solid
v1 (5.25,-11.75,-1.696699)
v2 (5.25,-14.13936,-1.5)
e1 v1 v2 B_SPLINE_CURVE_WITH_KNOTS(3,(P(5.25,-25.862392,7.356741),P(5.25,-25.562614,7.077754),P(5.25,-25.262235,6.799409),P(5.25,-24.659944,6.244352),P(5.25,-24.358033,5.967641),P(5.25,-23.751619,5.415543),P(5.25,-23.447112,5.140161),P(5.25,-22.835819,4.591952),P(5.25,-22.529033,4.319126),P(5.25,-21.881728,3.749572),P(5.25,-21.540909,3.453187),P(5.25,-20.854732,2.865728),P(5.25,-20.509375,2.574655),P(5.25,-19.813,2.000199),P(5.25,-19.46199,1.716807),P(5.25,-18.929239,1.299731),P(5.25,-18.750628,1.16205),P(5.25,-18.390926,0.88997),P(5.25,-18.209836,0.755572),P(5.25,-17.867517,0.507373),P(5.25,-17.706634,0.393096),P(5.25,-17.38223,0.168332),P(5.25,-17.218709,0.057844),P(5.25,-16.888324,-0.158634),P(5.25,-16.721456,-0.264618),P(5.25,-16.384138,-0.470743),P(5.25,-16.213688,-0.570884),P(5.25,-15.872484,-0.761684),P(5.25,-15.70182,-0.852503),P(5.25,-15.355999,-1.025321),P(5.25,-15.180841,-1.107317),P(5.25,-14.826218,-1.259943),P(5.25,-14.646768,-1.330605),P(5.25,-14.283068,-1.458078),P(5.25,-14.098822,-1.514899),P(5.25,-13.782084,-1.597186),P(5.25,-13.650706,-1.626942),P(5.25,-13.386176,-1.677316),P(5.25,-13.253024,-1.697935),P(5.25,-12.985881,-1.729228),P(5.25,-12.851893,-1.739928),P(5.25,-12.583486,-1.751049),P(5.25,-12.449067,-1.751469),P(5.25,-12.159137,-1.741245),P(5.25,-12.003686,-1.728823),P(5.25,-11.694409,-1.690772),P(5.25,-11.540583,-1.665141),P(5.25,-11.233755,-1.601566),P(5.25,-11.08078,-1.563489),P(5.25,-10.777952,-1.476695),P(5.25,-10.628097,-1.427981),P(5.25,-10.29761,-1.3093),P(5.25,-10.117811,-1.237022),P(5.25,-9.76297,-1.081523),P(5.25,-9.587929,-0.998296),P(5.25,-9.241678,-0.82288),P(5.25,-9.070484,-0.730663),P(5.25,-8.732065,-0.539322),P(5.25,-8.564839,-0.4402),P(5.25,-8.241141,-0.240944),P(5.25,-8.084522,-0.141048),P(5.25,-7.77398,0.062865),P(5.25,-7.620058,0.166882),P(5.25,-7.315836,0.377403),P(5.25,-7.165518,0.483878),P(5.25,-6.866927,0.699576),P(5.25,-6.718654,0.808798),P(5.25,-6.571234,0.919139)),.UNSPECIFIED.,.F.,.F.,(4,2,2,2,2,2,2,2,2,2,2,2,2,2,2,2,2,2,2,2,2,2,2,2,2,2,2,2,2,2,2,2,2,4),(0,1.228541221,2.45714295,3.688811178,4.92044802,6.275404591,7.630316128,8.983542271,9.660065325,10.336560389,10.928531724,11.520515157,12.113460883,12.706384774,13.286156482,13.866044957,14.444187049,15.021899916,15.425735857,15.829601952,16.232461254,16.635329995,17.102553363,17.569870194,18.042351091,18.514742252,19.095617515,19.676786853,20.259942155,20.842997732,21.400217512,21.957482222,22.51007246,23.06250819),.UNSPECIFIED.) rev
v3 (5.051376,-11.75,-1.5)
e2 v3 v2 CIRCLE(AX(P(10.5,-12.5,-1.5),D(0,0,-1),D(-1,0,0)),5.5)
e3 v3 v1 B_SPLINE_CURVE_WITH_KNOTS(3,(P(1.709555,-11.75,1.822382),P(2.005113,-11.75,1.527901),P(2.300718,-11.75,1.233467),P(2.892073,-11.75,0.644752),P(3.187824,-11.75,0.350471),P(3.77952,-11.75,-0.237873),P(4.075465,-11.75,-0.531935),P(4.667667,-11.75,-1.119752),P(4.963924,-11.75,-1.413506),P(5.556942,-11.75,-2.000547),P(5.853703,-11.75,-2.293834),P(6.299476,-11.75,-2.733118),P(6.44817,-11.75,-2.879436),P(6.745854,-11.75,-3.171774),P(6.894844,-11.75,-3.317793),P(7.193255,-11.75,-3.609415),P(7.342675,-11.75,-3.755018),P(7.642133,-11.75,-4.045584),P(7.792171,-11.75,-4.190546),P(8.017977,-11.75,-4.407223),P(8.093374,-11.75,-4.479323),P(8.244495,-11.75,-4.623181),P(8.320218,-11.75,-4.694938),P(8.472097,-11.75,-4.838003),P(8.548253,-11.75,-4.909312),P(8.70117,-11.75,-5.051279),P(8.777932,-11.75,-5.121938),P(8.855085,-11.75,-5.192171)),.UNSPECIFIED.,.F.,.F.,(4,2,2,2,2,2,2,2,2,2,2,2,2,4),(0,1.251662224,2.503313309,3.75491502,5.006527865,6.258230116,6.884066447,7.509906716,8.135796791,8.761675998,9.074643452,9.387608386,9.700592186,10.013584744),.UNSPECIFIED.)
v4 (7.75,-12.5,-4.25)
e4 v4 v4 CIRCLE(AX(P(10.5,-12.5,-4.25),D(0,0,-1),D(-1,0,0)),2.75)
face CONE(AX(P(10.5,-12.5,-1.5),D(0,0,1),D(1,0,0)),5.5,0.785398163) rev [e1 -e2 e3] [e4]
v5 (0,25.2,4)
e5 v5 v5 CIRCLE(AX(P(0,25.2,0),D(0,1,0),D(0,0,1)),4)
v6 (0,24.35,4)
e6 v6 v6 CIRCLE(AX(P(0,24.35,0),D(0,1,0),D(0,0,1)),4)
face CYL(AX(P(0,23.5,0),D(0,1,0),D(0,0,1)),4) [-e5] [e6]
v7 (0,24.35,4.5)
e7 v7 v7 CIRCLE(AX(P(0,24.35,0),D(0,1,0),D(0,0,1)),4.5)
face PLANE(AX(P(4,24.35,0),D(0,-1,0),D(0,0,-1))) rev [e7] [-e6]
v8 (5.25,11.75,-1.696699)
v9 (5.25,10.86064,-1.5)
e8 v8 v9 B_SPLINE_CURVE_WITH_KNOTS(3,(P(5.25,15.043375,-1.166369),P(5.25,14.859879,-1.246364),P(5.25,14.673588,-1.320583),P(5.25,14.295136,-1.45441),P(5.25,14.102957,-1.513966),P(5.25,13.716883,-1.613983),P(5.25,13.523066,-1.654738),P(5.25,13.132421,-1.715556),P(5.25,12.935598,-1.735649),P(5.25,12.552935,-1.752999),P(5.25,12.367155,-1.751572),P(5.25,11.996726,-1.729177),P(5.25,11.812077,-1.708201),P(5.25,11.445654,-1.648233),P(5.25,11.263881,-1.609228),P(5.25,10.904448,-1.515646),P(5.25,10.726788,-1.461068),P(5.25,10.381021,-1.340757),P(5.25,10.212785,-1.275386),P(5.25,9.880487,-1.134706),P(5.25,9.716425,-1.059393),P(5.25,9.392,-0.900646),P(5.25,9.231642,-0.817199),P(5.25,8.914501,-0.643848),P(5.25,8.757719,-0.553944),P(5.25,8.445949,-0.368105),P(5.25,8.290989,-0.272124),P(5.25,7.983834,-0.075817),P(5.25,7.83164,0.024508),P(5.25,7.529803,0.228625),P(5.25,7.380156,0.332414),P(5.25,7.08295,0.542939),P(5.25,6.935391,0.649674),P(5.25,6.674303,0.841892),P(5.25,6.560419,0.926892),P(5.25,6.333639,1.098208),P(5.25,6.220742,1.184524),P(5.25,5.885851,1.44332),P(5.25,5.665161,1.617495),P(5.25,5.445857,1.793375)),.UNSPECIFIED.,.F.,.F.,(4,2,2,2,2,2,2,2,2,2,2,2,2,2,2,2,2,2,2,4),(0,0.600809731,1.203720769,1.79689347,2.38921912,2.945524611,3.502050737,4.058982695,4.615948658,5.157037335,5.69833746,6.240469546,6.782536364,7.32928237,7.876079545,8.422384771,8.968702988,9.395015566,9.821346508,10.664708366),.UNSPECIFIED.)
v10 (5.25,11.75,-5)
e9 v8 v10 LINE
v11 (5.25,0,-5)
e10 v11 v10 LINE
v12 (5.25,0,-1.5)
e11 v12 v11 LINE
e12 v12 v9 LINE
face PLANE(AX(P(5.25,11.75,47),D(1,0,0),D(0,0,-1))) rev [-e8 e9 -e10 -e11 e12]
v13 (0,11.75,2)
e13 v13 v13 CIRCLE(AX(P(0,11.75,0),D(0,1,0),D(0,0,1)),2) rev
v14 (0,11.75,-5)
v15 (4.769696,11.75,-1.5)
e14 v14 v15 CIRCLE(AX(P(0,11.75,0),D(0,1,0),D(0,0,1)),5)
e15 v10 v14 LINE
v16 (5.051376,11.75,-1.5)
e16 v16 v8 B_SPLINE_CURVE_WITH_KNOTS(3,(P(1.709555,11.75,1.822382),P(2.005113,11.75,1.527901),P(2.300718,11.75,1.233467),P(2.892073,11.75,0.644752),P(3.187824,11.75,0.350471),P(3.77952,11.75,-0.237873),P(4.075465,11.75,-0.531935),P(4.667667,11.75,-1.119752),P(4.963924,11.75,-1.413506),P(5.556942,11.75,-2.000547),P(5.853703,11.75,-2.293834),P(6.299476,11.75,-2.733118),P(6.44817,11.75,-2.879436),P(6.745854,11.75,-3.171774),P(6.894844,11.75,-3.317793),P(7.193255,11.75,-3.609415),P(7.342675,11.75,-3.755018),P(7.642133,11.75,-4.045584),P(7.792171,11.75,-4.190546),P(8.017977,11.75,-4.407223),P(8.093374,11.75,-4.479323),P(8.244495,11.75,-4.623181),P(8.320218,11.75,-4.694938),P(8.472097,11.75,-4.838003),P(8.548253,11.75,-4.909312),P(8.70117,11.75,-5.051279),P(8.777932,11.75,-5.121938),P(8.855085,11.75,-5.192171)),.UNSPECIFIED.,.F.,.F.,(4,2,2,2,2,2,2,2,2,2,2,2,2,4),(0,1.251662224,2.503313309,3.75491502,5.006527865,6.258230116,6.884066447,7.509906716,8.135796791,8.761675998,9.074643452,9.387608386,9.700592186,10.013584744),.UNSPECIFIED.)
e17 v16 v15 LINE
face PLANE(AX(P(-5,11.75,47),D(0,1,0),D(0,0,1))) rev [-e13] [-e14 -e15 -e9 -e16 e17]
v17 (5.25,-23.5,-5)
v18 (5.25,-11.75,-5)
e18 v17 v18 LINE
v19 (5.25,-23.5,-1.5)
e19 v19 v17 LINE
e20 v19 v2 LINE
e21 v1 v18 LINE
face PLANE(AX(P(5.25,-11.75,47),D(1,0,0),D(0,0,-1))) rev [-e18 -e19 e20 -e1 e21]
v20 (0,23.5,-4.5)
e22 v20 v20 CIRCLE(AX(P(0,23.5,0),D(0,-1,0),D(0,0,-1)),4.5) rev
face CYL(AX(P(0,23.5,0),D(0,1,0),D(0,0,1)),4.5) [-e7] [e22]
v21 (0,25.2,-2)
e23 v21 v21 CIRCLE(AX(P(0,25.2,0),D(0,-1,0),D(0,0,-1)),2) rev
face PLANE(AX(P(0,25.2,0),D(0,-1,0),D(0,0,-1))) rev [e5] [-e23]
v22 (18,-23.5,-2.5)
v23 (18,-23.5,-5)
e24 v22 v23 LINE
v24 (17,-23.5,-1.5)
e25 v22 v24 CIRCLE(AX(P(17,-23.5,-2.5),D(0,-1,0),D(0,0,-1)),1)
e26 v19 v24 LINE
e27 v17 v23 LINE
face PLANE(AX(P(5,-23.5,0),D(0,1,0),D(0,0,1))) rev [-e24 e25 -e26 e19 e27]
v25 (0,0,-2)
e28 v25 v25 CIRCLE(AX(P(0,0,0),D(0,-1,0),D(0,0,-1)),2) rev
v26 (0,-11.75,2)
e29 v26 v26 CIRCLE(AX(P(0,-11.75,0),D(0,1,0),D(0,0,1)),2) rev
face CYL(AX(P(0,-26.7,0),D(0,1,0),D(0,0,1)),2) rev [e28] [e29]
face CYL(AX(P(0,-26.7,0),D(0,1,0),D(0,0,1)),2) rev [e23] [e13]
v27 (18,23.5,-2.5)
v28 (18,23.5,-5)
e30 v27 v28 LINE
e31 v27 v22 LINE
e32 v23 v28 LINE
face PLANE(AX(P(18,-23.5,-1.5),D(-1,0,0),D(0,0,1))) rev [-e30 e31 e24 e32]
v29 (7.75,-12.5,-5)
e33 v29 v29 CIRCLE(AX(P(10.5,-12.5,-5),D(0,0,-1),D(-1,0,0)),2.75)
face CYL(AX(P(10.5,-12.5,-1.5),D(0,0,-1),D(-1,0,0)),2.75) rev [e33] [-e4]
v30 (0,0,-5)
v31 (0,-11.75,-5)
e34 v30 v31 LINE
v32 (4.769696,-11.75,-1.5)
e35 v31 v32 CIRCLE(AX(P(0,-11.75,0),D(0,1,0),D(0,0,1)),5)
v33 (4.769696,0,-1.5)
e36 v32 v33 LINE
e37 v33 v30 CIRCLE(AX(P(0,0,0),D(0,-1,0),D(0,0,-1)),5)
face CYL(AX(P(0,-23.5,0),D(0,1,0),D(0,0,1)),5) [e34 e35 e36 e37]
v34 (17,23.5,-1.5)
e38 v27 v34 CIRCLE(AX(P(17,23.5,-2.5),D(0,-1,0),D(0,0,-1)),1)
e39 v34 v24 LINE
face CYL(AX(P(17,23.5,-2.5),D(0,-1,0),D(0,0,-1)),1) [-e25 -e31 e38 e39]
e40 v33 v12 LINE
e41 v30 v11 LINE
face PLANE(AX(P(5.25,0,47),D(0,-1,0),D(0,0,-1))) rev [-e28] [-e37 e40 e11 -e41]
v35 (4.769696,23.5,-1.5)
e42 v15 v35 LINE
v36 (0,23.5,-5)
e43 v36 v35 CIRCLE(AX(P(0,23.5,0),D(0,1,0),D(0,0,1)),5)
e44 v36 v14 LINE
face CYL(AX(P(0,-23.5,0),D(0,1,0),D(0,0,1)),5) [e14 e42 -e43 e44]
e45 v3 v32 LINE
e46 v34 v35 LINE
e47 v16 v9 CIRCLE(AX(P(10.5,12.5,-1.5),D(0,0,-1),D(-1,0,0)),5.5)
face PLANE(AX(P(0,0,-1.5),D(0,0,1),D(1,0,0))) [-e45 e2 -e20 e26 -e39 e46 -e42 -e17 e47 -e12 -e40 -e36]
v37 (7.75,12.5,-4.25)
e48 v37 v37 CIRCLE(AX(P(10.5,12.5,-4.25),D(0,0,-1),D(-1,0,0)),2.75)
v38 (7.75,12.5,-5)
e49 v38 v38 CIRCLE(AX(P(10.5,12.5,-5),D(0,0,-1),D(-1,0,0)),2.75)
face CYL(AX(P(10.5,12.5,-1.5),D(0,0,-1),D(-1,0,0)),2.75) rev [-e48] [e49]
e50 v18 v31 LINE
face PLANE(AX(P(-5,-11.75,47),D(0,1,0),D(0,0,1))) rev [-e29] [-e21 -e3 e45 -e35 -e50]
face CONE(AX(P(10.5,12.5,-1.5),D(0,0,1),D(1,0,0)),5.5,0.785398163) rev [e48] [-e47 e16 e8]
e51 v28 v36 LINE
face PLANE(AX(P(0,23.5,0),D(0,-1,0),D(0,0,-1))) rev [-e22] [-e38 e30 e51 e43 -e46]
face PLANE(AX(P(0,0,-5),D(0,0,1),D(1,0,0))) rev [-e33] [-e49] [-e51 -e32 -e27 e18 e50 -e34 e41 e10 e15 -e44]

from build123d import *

# Parameters (mm, degrees)
SKETCH1_W               = 5
SKETCH1_H               = 47
SKETCH2_W               = 18
SKETCH2_H               = 47
BOSS_EXTRUDE1_DEPTH     = 3.5
CUT_EXTRUDE1_DEPTH      = 47
CUT_EXTRUDE1_DEPTH_BACK = 47
SKETCH3_W               = 94
SKETCH3_H               = 94
SKETCH5_W               = 2
SKETCH5_H               = 53.4
CUT_EXTRUDE2_DEPTH      = 23.5
CUT_EXTRUDE2_DEPTH_BACK = 23.5


with BuildPart() as part:
    # Sketch1 → Revolve1 (revolve)
    with BuildSketch(Plane.XY):
        with Locations((2.5, 0)):
            Rectangle(SKETCH1_W, SKETCH1_H)
    revolve(axis=Axis((0, -23.5, 0), (0, 1, 0)))

    # Sketch2 → Boss-Extrude1 (add)
    with BuildSketch(Plane.XY.offset(-5)):
        with Locations((9, 0)):
            Rectangle(SKETCH2_W, SKETCH2_H)
    extrude(amount=BOSS_EXTRUDE1_DEPTH)

    # Sketch3 → Cut-Extrude1 (cut, two sides: drawn at the far end of the back side and taken through both)
    with BuildSketch(Plane.XY.offset(-CUT_EXTRUDE1_DEPTH_BACK)):
        Rectangle(SKETCH3_W, SKETCH3_H)
        Polygon((-5, 23.5), (-5, 11.75), (5.25, 11.75), (5.25, 0), (-5, 0), (-5, -11.75), (5.25, -11.75), (5.25, -23.5), (18, -23.5), (18, 23.5), align=None, mode=Mode.SUBTRACT)
    extrude(amount=CUT_EXTRUDE1_DEPTH + CUT_EXTRUDE1_DEPTH_BACK, mode=Mode.SUBTRACT)

    # Sketch4 → Revolve2 (revolve)
    with BuildSketch(Plane.XY):
        Polygon((0, 25.2), (4, 25.2), (4, 24.35), (4.5, 24.35), (4.5, 23.5), (0, 23.5), align=None)
    revolve(axis=Axis((0, 23.5, 0), (0, 1, 0)))

    # Sketch5 → Cut-Revolve1 (revolve, cut)
    with BuildSketch(Plane.XY):
        with Locations((1, 0)):
            Rectangle(SKETCH5_W, SKETCH5_H)
    revolve(axis=Axis((0, -26.7, 0), (0, 1, 0)), mode=Mode.SUBTRACT)

    # Sketch6 → Cut-Revolve2 (revolve, cut)
    with BuildSketch(Plane(origin=(10.5, 0, 0), x_dir=(0, 0, -1), z_dir=(1, 0, 0))):
        Polygon((5, -12.5), (5, -15.25), (4.25, -15.25), (1.5, -18), (1.5, -12.5), align=None)
    revolve(axis=Axis((10.5, -12.5, -1.5), (0, 0, -1)), mode=Mode.SUBTRACT)

    # Sketch7 → Cut-Revolve3 (revolve, cut)
    with BuildSketch(Plane(origin=(10.5, 0, 0), x_dir=(0, 0, -1), z_dir=(1, 0, 0))):
        Polygon((5, 12.5), (5, 9.75), (4.25, 9.75), (1.5, 7), (1.5, 12.5), align=None)
    revolve(axis=Axis((10.5, 12.5, -1.5), (0, 0, -1)), mode=Mode.SUBTRACT)

    # Sketch8 → Cut-Extrude2 (cut, two sides: drawn at the far end of the back side and taken through both)
    with BuildSketch(Plane(origin=(0, 0, 0), x_dir=(1, 0, 0), z_dir=(0, 1, 0)).offset(-CUT_EXTRUDE2_DEPTH_BACK)):
        with BuildLine():
            Line((17, 1.5), (18, 1.5))
            Line((18, 1.5), (18, 2.5))
            ThreePointArc((18, 2.5), (17.707106781, 1.792893219), (17, 1.5))
        make_face()
    extrude(amount=CUT_EXTRUDE2_DEPTH + CUT_EXTRUDE2_DEPTH_BACK, mode=Mode.SUBTRACT)


solid = part.part
